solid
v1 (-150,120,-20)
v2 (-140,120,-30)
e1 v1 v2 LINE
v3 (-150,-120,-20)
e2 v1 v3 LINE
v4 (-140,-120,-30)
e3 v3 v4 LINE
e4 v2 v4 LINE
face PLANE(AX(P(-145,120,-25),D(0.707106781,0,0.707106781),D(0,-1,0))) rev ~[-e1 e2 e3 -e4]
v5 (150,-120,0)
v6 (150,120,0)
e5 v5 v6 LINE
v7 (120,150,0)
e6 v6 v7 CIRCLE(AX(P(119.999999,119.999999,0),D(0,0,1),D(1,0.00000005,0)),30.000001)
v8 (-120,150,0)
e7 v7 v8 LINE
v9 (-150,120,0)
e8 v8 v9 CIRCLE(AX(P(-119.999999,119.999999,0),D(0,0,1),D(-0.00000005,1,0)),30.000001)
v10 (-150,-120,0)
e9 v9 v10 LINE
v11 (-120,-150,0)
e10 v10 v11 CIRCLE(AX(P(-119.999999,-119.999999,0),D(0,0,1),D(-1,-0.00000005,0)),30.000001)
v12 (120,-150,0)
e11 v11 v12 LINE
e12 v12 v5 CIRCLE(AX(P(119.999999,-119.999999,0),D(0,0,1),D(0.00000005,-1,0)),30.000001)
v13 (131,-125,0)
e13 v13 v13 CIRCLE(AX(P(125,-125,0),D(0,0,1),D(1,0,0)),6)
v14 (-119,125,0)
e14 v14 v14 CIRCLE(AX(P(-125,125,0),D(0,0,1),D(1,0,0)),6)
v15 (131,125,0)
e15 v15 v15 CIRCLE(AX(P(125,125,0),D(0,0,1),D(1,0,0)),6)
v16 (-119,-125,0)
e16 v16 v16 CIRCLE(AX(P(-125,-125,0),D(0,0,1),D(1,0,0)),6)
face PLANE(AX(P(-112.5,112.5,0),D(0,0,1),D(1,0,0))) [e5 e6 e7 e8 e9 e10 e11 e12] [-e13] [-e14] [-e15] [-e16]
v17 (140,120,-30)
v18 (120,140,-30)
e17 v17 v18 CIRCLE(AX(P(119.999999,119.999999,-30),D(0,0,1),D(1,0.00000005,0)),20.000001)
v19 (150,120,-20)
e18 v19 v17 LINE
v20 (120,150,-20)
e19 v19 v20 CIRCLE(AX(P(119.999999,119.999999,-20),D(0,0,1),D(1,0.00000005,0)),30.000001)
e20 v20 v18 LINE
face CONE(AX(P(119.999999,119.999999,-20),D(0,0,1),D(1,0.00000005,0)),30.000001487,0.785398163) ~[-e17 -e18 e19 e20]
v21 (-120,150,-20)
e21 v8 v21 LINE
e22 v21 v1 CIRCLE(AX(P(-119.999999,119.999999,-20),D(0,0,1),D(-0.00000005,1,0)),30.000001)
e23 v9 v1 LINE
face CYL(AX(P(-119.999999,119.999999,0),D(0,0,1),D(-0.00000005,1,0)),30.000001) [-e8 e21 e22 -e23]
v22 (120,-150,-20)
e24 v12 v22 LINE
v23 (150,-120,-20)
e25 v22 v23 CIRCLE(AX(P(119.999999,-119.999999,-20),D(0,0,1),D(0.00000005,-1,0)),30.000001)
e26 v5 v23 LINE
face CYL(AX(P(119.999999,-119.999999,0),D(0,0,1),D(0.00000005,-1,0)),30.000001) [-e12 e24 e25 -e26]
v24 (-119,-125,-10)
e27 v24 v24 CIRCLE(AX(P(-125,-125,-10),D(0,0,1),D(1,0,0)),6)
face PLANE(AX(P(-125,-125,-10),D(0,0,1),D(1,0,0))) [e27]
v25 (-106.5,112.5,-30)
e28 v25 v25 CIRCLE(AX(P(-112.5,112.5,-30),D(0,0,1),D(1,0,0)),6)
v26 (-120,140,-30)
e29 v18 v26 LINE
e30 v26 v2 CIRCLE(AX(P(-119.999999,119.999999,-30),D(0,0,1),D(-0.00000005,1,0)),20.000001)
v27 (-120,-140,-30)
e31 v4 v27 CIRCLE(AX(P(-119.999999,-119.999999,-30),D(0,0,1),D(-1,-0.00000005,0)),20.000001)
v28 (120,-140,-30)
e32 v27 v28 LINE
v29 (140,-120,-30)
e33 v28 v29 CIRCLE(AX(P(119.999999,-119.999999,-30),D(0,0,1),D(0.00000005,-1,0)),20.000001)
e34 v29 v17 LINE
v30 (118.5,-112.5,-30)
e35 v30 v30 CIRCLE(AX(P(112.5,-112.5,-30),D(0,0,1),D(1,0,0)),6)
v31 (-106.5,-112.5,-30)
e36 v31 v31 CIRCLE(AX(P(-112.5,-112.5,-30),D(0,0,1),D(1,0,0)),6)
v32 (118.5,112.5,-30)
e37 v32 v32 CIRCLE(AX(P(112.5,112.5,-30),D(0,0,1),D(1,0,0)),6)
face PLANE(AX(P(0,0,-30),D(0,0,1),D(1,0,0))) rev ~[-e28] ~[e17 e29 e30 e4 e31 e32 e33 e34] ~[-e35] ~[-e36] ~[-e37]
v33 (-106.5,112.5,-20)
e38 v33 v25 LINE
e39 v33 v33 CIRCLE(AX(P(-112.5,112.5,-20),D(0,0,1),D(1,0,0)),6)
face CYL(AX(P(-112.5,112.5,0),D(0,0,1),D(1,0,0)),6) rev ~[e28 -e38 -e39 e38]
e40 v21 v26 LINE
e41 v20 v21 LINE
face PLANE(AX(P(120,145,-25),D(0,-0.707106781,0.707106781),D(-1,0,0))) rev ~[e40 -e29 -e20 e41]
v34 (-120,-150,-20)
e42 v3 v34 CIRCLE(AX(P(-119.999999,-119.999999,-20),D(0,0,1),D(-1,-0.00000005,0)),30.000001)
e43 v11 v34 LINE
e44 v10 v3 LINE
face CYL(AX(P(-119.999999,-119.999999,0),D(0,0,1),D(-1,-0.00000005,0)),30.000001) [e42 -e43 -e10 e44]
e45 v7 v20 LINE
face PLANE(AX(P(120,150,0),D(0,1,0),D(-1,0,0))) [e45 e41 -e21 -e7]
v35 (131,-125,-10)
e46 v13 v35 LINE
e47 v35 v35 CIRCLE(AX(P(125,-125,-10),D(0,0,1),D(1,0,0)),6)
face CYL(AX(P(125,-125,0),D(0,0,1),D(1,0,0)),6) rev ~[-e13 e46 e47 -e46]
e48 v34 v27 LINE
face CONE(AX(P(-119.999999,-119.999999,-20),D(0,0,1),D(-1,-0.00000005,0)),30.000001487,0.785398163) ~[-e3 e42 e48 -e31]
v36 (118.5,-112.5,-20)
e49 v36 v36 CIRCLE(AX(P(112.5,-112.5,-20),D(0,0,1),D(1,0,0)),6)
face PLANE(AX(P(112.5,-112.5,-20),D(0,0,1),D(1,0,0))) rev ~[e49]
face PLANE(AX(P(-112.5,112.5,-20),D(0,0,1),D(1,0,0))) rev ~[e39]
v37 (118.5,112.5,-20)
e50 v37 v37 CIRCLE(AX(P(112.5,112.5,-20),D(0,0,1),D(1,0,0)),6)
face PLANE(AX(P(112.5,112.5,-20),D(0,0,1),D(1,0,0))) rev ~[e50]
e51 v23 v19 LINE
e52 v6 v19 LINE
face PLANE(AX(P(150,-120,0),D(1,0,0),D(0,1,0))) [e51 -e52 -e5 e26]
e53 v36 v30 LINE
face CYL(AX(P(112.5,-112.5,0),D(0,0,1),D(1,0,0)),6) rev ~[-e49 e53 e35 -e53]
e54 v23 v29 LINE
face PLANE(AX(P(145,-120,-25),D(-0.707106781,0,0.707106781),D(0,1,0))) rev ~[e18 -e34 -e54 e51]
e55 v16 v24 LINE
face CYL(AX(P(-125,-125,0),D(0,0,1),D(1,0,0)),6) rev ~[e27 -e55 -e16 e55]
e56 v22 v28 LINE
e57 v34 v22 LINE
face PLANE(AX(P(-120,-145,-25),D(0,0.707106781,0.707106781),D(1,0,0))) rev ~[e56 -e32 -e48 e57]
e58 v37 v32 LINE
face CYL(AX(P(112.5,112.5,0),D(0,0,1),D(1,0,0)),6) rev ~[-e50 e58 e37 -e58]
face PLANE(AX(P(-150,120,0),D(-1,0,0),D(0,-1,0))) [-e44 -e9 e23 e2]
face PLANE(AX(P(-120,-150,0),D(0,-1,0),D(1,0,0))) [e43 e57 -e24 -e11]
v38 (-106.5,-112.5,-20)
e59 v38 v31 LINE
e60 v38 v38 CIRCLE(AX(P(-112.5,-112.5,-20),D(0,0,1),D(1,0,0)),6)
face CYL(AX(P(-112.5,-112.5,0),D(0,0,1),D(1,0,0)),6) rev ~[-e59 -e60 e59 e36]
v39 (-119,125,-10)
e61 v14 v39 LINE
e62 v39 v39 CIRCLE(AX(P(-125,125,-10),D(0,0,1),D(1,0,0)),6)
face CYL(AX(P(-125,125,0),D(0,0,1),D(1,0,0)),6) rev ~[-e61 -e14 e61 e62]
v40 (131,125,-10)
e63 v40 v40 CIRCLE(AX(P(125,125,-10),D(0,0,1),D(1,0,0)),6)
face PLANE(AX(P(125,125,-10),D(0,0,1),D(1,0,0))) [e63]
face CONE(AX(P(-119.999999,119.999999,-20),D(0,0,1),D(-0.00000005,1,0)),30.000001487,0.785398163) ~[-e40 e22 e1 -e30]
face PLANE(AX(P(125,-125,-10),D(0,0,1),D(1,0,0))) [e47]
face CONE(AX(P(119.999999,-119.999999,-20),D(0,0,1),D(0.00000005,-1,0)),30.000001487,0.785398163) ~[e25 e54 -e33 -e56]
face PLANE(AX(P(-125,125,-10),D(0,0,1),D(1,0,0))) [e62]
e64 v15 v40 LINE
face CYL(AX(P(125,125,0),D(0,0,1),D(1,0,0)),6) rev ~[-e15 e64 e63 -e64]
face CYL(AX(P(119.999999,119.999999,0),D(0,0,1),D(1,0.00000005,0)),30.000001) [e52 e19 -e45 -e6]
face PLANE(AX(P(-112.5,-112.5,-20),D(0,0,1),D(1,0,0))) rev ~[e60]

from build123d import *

# Parameters (mm, degrees)
F0_R     = 6
F1_DEPTH = 30
F2_SIZE2 = 10
F2_SIZE  = 10
F3_DEPTH = 10
F4_DEPTH = 20


with BuildPart() as f1:
    # F0 (on Top) → F1 (new body)
    with BuildSketch(Plane.XY):
        with BuildLine():
            ThreePointArc((150, 120), (141.213203, 141.213203), (120, 150))
            Line((120, 150), (-120, 150))
            ThreePointArc((-120, 150), (-141.213203, 141.213203), (-150, 120))
            Line((-150, 120), (-150, -120))
            ThreePointArc((-150, -120), (-141.213203, -141.213203), (-120, -150))
            Line((-120, -150), (120, -150))
            ThreePointArc((120, -150), (141.213203, -141.213203), (150, -120))
            Line((150, -120), (150, 120))
        make_face()
        with Locations((-125, -125)):
            Circle(F0_R, mode=Mode.SUBTRACT)
        with Locations((-112.5, -112.5)):
            Circle(F0_R, mode=Mode.SUBTRACT)
        with Locations((125, -125)):
            Circle(F0_R, mode=Mode.SUBTRACT)
        with Locations((112.5, -112.5)):
            Circle(F0_R, mode=Mode.SUBTRACT)
        with Locations((-125, 125)):
            Circle(F0_R, mode=Mode.SUBTRACT)
        with Locations((-112.5, 112.5)):
            Circle(F0_R, mode=Mode.SUBTRACT)
        with Locations((112.5, 112.5)):
            Circle(F0_R, mode=Mode.SUBTRACT)
        with Locations((125, 125)):
            Circle(F0_R, mode=Mode.SUBTRACT)
        with Locations((-125, 125)):
            Circle(F0_R)
        with Locations((125, 125)):
            Circle(F0_R)
        with Locations((125, -125)):
            Circle(F0_R)
        with Locations((-125, -125)):
            Circle(F0_R)
    extrude(amount=-F1_DEPTH)

    # F2
    f2_edges = [f1.edges().sort_by_distance(p)[0] for p in [
        (0, 150, -30),
    ]]
    chamfer(f2_edges, length=F2_SIZE, length2=F2_SIZE2)

    # F0 (on Top) → F3 (cut)
    with BuildSketch(Plane.XY):
        with Locations((-125, 125)):
            Circle(F0_R)
        with Locations((125, 125)):
            Circle(F0_R)
        with Locations((-125, -125)):
            Circle(F0_R)
        with Locations((125, -125)):
            Circle(F0_R)
    extrude(amount=-F3_DEPTH, mode=Mode.SUBTRACT)

    # F0 (on Top) → F4 (join)
    with BuildSketch(Plane.XY):
        with Locations((-112.5, 112.5)):
            Circle(F0_R)
        with Locations((112.5, 112.5)):
            Circle(F0_R)
        with Locations((112.5, -112.5)):
            Circle(F0_R)
        with Locations((-112.5, -112.5)):
            Circle(F0_R)
    extrude(amount=-F4_DEPTH)


solid = f1.part
